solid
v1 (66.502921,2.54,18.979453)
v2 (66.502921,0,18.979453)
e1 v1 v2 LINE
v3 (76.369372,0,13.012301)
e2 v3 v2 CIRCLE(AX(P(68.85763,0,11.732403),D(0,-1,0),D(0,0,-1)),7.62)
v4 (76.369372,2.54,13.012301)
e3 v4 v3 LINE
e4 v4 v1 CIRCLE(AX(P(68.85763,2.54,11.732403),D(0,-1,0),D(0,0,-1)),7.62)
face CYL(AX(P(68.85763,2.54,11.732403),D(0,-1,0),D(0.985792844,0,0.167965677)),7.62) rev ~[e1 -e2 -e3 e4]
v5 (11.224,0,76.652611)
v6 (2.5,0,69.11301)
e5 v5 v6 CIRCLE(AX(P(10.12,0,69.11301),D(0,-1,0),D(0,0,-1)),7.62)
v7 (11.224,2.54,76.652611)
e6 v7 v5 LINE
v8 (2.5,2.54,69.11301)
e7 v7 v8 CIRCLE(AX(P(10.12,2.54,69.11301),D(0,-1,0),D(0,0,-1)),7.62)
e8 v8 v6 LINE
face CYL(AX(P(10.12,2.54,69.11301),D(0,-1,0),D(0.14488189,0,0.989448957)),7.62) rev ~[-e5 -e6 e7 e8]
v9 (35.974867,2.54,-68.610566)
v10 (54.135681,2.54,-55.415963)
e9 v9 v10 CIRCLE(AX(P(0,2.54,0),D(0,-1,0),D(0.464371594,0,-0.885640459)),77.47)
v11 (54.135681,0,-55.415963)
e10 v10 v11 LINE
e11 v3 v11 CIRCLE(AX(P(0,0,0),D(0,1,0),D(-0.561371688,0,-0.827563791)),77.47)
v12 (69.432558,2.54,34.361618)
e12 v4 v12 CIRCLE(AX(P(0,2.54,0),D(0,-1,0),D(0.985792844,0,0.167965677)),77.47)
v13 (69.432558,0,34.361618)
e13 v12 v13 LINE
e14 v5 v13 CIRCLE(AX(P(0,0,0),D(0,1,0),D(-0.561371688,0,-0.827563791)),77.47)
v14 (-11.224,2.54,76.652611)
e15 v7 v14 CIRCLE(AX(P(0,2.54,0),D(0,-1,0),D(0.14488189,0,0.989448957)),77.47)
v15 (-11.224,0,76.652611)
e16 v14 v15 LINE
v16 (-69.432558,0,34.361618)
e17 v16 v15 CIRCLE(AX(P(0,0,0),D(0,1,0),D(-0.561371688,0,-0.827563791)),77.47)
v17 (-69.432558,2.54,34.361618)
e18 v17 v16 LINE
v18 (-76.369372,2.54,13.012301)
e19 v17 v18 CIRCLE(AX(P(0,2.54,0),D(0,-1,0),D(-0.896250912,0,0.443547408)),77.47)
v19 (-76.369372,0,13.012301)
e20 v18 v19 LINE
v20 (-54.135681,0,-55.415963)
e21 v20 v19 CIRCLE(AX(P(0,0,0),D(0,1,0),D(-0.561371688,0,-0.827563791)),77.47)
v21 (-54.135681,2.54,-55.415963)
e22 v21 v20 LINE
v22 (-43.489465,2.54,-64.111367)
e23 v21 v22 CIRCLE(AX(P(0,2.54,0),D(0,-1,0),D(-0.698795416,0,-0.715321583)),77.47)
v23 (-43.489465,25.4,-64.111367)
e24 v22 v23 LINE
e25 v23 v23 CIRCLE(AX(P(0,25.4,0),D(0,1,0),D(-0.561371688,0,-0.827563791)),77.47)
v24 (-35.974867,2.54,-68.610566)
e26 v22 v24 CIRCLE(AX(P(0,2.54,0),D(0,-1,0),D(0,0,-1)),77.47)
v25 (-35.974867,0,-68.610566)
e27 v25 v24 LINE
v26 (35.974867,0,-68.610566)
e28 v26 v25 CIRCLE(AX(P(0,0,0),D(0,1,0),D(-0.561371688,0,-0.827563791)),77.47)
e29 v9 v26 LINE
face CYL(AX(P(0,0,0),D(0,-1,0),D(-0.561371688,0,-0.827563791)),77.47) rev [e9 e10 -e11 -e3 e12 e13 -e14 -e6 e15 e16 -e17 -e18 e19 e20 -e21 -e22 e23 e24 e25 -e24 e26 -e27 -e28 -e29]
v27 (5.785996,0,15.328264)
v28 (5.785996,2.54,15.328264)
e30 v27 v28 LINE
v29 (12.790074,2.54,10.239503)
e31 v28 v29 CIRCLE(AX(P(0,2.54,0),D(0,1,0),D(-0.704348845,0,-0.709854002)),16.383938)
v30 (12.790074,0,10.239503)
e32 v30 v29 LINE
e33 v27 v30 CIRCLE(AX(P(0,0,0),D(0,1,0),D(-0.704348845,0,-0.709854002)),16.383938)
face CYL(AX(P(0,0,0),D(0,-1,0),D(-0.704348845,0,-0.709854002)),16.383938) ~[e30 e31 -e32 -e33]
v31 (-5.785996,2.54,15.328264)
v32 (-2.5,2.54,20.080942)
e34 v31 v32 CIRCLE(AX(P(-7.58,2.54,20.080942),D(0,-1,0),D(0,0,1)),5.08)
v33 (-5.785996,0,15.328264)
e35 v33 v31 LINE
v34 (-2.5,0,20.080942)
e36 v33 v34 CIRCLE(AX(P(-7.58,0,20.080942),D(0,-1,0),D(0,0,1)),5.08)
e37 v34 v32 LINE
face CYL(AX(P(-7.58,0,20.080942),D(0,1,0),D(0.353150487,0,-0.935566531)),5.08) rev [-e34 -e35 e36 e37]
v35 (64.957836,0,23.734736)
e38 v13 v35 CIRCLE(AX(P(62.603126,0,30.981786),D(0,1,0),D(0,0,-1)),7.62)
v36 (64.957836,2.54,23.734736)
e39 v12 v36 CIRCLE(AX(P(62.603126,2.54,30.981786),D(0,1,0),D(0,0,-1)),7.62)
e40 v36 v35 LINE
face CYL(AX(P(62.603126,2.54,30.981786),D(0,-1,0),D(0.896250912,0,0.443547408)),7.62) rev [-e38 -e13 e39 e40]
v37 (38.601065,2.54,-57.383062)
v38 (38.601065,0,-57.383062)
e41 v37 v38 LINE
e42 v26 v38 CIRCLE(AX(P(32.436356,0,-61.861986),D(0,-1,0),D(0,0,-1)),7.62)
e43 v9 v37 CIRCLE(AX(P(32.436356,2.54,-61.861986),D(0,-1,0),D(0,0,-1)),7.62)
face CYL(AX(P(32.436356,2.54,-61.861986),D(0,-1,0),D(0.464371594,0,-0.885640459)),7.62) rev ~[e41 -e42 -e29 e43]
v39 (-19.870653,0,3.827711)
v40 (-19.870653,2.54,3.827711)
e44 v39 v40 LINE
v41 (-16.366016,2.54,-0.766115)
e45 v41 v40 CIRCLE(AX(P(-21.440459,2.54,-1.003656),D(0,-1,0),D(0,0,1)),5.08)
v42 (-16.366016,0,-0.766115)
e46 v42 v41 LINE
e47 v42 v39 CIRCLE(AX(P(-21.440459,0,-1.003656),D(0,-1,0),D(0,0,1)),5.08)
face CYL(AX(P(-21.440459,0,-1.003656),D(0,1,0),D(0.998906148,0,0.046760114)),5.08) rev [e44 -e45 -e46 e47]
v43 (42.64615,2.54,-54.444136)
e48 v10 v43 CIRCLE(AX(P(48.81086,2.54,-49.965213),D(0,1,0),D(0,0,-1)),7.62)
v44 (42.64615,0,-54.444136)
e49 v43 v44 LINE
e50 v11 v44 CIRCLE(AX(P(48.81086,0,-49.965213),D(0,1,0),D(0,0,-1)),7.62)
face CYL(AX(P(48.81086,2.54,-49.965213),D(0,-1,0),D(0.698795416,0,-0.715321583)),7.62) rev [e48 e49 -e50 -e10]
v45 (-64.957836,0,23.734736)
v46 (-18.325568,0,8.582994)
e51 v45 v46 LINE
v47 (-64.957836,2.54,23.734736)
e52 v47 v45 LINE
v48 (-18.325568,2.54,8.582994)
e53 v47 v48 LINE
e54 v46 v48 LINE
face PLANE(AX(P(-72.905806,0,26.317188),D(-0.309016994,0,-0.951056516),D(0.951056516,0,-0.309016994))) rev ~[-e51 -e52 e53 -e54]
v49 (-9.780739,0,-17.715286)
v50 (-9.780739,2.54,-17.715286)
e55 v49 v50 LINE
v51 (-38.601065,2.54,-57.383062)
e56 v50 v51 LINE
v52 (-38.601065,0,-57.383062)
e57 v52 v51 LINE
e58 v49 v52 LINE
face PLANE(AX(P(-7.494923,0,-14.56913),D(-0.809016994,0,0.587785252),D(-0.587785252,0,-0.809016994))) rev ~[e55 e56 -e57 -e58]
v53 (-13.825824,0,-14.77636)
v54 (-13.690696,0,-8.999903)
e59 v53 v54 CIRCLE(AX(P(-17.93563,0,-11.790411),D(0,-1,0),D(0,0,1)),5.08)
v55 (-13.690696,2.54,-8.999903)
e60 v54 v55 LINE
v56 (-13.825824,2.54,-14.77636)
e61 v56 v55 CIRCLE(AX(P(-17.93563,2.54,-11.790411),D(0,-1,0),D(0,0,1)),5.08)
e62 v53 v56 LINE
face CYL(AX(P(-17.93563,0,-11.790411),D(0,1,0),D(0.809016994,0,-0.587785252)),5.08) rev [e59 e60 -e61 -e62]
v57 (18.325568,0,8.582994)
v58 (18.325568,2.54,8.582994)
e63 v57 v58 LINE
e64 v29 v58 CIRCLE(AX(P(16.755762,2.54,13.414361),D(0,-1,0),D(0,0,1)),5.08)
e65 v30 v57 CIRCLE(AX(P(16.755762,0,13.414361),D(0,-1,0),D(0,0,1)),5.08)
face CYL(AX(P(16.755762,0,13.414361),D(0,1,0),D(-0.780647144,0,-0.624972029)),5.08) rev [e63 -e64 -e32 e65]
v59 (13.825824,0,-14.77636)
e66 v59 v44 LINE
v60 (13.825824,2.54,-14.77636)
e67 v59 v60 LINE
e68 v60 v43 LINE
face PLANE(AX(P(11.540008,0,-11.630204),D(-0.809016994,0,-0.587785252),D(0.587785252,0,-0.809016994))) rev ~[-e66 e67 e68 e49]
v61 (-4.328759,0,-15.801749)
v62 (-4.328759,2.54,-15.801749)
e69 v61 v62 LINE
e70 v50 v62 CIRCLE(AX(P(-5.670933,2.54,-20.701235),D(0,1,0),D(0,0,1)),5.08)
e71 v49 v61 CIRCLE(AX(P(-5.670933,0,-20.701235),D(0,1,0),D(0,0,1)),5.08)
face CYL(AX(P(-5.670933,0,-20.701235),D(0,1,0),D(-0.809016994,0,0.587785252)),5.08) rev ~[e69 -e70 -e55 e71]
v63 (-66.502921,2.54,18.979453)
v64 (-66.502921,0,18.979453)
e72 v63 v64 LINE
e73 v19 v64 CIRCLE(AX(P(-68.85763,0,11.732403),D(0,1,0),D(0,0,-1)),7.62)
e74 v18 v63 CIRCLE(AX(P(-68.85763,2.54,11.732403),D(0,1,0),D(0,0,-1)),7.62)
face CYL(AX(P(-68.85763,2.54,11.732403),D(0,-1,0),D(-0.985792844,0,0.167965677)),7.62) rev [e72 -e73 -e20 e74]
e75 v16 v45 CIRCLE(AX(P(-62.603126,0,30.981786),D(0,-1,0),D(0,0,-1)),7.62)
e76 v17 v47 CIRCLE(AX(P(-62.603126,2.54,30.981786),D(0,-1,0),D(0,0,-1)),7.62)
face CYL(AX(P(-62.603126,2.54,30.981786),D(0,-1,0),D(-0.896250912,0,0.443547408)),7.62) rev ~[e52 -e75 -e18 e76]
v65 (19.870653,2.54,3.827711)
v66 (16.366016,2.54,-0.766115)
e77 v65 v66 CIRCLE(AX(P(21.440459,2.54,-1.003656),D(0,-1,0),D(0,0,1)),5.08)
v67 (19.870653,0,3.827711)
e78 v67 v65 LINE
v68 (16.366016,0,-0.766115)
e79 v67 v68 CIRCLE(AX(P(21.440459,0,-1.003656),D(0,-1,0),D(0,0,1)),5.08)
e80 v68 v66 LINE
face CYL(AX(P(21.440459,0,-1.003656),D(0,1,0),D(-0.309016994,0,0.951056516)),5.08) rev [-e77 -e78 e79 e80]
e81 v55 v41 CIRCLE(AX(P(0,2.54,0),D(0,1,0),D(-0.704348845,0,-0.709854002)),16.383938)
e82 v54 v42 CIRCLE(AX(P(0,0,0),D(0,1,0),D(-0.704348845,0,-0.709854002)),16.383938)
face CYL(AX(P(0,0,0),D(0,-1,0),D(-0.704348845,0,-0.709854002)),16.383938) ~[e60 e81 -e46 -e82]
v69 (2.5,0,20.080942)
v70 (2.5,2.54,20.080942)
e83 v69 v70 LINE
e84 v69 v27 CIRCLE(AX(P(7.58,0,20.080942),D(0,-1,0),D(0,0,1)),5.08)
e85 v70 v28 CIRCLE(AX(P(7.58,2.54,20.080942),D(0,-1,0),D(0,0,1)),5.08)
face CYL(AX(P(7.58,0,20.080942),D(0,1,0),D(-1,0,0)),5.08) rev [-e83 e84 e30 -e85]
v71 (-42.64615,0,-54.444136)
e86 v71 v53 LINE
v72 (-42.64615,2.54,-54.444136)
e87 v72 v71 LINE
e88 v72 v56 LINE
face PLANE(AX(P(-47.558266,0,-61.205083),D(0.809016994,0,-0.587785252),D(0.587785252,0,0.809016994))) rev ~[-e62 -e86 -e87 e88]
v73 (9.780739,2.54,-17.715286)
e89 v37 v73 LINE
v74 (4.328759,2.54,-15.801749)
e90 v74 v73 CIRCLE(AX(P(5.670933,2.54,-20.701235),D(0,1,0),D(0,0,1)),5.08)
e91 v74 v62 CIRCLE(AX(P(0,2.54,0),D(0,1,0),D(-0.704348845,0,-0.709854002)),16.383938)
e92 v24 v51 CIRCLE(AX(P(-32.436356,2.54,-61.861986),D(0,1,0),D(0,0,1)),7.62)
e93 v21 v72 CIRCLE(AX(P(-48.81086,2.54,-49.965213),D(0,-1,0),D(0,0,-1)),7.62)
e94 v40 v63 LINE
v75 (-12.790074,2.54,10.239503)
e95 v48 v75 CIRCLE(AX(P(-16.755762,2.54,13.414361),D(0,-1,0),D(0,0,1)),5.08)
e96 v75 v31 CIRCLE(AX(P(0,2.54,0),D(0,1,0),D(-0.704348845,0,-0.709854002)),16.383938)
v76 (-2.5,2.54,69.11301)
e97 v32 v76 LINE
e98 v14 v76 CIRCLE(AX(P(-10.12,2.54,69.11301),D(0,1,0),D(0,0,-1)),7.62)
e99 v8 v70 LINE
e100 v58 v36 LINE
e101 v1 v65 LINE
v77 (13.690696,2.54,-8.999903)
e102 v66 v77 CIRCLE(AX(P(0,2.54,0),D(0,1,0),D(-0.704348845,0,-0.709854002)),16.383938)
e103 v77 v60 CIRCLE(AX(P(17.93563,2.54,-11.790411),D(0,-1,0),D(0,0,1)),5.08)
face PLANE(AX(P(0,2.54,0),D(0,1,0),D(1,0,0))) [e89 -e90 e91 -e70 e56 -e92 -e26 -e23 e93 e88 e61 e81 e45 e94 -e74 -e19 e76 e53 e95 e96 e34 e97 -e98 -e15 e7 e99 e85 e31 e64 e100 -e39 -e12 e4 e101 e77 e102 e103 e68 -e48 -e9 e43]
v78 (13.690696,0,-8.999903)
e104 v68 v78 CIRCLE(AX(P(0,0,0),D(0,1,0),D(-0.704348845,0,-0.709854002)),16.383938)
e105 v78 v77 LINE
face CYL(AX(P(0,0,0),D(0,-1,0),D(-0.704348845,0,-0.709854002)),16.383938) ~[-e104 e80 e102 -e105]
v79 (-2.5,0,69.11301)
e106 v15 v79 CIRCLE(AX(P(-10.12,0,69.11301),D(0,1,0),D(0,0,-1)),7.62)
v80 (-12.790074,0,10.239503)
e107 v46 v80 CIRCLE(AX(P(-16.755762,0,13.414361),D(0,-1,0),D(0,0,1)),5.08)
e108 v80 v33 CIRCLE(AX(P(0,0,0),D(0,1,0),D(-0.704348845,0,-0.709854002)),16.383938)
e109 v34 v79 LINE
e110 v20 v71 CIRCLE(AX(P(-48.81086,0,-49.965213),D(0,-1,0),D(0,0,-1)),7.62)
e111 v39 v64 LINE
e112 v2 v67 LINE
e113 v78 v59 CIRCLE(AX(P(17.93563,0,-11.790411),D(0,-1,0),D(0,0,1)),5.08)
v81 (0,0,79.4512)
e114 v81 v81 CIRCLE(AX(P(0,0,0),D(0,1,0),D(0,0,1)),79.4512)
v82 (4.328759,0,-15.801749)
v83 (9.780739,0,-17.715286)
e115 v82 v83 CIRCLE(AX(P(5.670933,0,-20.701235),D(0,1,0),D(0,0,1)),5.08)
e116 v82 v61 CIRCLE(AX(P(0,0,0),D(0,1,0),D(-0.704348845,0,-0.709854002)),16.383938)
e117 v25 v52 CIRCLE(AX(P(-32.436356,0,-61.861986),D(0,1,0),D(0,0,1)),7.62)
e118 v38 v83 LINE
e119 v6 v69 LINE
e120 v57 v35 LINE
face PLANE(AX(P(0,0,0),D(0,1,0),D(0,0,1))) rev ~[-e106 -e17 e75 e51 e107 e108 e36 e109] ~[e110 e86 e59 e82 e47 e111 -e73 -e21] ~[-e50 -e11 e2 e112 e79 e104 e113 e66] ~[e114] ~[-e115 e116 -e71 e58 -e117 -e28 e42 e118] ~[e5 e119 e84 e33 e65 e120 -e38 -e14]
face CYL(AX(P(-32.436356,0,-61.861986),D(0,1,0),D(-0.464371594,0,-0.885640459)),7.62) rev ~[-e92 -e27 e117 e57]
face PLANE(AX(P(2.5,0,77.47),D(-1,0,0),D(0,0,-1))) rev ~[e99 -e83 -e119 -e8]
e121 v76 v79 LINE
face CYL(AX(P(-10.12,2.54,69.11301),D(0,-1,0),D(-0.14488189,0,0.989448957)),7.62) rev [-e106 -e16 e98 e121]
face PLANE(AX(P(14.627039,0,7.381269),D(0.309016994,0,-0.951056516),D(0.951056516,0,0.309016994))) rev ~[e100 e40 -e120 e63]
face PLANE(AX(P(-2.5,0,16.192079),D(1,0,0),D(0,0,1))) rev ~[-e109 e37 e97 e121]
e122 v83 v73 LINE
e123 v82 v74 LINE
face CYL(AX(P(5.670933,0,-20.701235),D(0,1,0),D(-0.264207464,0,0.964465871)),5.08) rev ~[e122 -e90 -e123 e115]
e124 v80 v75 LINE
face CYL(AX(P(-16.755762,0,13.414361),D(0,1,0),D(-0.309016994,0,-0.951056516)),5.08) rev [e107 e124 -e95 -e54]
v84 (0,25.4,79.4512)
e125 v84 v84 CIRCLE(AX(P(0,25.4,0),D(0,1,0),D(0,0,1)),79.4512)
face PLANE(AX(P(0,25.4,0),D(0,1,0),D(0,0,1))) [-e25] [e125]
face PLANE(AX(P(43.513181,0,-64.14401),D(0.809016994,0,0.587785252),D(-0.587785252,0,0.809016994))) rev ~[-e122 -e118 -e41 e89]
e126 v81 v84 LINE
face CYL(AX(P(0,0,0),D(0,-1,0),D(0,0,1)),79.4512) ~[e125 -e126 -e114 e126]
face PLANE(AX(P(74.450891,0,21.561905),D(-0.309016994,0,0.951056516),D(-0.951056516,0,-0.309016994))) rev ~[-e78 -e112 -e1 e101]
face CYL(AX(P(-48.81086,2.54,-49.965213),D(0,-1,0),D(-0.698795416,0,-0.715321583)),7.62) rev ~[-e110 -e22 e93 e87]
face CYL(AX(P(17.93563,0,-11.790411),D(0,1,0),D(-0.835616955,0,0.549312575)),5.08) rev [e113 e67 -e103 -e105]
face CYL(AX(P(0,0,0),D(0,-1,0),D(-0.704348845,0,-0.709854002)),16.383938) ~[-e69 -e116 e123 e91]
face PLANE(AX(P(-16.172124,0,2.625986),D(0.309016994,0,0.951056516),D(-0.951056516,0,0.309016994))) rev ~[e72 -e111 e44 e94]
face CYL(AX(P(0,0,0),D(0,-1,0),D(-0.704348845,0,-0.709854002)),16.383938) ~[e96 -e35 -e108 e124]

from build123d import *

# Parameters (mm, degrees)
SKETCH1_R           = 16.383937572
BOSS_EXTRUDE1_DEPTH = 2.54
SKETCH2_R           = 79.4512
SKETCH2_R_2         = 77.47
BOSS_EXTRUDE2_DEPTH = 25.4
FILLET2_R           = 7.62
FILLET3_R           = 5.08


with BuildPart() as part:
    # Sketch1 → Boss-Extrude1 (new body)
    with BuildSketch(Plane(origin=(0, 0, 0), x_dir=(1, 0, 0), z_dir=(0, 1, 0))):
        Circle(SKETCH1_R)
        with BuildLine():
            ThreePointArc((-11.540007509, 11.630203655), (-9.630236879, 13.254883931), (-7.494922537, 14.569129917))
            Line((-7.494922537, 14.569129917), (-43.513181009, 64.144009685))
            Line((-43.513181009, 64.144009685), (-47.558265981, 61.205083423))
            Line((-47.558265981, 61.205083423), (-11.540007509, 11.630203655))
        make_face()
        with BuildLine():
            Line((43.513181009, 64.144009685), (7.494922537, 14.569129917))
            ThreePointArc((7.494922537, 14.569129917), (9.630236879, 13.254883931), (11.540007509, 11.630203655))
            Line((11.540007509, 11.630203655), (47.558265981, 61.205083423))
            Line((47.558265981, 61.205083423), (43.513181009, 64.144009685))
        make_face()
        with BuildLine():
            Line((74.450890803, -21.561905263), (16.17212438, -2.62598618))
            ThreePointArc((16.17212438, -2.62598618), (15.582050591, -5.062915145), (14.627039408, -7.381268762))
            Line((14.627039408, -7.381268762), (72.905805831, -26.317187845))
            Line((72.905805831, -26.317187845), (74.450890803, -21.561905263))
        make_face()
        with BuildLine():
            Line((2.5, -77.47), (2.5, -16.19207863))
            ThreePointArc((2.5, -16.19207863), (0, -16.383937572), (-2.5, -16.19207863))
            Line((-2.5, -16.19207863), (-2.5, -77.47))
            Line((-2.5, -77.47), (2.5, -77.47))
        make_face()
        with BuildLine():
            ThreePointArc((-14.627039408, -7.381268762), (-15.582050591, -5.062915145), (-16.17212438, -2.62598618))
            Line((-16.17212438, -2.62598618), (-74.450890803, -21.561905263))
            Line((-74.450890803, -21.561905263), (-72.905805831, -26.317187845))
            Line((-72.905805831, -26.317187845), (-14.627039408, -7.381268762))
        make_face()
    extrude(amount=BOSS_EXTRUDE1_DEPTH)

    # Sketch2 → Boss-Extrude2 (add)
    with BuildSketch(Plane(origin=(0, 0, 0), x_dir=(1, 0, 0), z_dir=(0, 1, 0))):
        with Locations(Location((0, 0, 0), (0, 0, 270))):
            Circle(SKETCH2_R)
        with Locations(Location((0, 0, 0), (0, 0, 124.150712253))):
            Circle(SKETCH2_R_2, mode=Mode.SUBTRACT)
    extrude(amount=BOSS_EXTRUDE2_DEPTH)

    # Fillet2
    fillet2_edges = [part.edges().sort_by_distance(p)[0] for p in [
        (72.867431935, 1.27, 26.30471941),
        (47.534549609, 1.27, -61.172440637),
        (-43.489464637, 1.27, -64.111366899),
        (-74.412516907, 1.27, 21.549436829),
        (-2.5, 1.27, 77.429651297),
        (-47.534549609, 1.27, -61.172440637),
        (43.489464637, 1.27, -64.111366899),
        (74.412516907, 1.27, 21.549436829),
        (2.5, 1.27, 77.429651297),
        (-72.867431935, 1.27, 26.30471941),
    ]]
    fillet(fillet2_edges, radius=FILLET2_R)

    # Fillet3
    fillet3_edges = [part.edges().sort_by_distance(p)[0] for p in [
        (-2.5, 1.27, 16.19207863),
        (-14.627039408, 1.27, 7.381268762),
        (-16.17212438, 1.27, 2.62598618),
        (-11.540007509, 1.27, -11.630203655),
        (-7.494922537, 1.27, -14.569129917),
        (7.494922537, 1.27, -14.569129917),
        (11.540007509, 1.27, -11.630203655),
        (16.17212438, 1.27, 2.62598618),
        (14.627039408, 1.27, 7.381268762),
        (2.5, 1.27, 16.19207863),
    ]]
    fillet(fillet3_edges, radius=FILLET3_R)


solid = part.part
